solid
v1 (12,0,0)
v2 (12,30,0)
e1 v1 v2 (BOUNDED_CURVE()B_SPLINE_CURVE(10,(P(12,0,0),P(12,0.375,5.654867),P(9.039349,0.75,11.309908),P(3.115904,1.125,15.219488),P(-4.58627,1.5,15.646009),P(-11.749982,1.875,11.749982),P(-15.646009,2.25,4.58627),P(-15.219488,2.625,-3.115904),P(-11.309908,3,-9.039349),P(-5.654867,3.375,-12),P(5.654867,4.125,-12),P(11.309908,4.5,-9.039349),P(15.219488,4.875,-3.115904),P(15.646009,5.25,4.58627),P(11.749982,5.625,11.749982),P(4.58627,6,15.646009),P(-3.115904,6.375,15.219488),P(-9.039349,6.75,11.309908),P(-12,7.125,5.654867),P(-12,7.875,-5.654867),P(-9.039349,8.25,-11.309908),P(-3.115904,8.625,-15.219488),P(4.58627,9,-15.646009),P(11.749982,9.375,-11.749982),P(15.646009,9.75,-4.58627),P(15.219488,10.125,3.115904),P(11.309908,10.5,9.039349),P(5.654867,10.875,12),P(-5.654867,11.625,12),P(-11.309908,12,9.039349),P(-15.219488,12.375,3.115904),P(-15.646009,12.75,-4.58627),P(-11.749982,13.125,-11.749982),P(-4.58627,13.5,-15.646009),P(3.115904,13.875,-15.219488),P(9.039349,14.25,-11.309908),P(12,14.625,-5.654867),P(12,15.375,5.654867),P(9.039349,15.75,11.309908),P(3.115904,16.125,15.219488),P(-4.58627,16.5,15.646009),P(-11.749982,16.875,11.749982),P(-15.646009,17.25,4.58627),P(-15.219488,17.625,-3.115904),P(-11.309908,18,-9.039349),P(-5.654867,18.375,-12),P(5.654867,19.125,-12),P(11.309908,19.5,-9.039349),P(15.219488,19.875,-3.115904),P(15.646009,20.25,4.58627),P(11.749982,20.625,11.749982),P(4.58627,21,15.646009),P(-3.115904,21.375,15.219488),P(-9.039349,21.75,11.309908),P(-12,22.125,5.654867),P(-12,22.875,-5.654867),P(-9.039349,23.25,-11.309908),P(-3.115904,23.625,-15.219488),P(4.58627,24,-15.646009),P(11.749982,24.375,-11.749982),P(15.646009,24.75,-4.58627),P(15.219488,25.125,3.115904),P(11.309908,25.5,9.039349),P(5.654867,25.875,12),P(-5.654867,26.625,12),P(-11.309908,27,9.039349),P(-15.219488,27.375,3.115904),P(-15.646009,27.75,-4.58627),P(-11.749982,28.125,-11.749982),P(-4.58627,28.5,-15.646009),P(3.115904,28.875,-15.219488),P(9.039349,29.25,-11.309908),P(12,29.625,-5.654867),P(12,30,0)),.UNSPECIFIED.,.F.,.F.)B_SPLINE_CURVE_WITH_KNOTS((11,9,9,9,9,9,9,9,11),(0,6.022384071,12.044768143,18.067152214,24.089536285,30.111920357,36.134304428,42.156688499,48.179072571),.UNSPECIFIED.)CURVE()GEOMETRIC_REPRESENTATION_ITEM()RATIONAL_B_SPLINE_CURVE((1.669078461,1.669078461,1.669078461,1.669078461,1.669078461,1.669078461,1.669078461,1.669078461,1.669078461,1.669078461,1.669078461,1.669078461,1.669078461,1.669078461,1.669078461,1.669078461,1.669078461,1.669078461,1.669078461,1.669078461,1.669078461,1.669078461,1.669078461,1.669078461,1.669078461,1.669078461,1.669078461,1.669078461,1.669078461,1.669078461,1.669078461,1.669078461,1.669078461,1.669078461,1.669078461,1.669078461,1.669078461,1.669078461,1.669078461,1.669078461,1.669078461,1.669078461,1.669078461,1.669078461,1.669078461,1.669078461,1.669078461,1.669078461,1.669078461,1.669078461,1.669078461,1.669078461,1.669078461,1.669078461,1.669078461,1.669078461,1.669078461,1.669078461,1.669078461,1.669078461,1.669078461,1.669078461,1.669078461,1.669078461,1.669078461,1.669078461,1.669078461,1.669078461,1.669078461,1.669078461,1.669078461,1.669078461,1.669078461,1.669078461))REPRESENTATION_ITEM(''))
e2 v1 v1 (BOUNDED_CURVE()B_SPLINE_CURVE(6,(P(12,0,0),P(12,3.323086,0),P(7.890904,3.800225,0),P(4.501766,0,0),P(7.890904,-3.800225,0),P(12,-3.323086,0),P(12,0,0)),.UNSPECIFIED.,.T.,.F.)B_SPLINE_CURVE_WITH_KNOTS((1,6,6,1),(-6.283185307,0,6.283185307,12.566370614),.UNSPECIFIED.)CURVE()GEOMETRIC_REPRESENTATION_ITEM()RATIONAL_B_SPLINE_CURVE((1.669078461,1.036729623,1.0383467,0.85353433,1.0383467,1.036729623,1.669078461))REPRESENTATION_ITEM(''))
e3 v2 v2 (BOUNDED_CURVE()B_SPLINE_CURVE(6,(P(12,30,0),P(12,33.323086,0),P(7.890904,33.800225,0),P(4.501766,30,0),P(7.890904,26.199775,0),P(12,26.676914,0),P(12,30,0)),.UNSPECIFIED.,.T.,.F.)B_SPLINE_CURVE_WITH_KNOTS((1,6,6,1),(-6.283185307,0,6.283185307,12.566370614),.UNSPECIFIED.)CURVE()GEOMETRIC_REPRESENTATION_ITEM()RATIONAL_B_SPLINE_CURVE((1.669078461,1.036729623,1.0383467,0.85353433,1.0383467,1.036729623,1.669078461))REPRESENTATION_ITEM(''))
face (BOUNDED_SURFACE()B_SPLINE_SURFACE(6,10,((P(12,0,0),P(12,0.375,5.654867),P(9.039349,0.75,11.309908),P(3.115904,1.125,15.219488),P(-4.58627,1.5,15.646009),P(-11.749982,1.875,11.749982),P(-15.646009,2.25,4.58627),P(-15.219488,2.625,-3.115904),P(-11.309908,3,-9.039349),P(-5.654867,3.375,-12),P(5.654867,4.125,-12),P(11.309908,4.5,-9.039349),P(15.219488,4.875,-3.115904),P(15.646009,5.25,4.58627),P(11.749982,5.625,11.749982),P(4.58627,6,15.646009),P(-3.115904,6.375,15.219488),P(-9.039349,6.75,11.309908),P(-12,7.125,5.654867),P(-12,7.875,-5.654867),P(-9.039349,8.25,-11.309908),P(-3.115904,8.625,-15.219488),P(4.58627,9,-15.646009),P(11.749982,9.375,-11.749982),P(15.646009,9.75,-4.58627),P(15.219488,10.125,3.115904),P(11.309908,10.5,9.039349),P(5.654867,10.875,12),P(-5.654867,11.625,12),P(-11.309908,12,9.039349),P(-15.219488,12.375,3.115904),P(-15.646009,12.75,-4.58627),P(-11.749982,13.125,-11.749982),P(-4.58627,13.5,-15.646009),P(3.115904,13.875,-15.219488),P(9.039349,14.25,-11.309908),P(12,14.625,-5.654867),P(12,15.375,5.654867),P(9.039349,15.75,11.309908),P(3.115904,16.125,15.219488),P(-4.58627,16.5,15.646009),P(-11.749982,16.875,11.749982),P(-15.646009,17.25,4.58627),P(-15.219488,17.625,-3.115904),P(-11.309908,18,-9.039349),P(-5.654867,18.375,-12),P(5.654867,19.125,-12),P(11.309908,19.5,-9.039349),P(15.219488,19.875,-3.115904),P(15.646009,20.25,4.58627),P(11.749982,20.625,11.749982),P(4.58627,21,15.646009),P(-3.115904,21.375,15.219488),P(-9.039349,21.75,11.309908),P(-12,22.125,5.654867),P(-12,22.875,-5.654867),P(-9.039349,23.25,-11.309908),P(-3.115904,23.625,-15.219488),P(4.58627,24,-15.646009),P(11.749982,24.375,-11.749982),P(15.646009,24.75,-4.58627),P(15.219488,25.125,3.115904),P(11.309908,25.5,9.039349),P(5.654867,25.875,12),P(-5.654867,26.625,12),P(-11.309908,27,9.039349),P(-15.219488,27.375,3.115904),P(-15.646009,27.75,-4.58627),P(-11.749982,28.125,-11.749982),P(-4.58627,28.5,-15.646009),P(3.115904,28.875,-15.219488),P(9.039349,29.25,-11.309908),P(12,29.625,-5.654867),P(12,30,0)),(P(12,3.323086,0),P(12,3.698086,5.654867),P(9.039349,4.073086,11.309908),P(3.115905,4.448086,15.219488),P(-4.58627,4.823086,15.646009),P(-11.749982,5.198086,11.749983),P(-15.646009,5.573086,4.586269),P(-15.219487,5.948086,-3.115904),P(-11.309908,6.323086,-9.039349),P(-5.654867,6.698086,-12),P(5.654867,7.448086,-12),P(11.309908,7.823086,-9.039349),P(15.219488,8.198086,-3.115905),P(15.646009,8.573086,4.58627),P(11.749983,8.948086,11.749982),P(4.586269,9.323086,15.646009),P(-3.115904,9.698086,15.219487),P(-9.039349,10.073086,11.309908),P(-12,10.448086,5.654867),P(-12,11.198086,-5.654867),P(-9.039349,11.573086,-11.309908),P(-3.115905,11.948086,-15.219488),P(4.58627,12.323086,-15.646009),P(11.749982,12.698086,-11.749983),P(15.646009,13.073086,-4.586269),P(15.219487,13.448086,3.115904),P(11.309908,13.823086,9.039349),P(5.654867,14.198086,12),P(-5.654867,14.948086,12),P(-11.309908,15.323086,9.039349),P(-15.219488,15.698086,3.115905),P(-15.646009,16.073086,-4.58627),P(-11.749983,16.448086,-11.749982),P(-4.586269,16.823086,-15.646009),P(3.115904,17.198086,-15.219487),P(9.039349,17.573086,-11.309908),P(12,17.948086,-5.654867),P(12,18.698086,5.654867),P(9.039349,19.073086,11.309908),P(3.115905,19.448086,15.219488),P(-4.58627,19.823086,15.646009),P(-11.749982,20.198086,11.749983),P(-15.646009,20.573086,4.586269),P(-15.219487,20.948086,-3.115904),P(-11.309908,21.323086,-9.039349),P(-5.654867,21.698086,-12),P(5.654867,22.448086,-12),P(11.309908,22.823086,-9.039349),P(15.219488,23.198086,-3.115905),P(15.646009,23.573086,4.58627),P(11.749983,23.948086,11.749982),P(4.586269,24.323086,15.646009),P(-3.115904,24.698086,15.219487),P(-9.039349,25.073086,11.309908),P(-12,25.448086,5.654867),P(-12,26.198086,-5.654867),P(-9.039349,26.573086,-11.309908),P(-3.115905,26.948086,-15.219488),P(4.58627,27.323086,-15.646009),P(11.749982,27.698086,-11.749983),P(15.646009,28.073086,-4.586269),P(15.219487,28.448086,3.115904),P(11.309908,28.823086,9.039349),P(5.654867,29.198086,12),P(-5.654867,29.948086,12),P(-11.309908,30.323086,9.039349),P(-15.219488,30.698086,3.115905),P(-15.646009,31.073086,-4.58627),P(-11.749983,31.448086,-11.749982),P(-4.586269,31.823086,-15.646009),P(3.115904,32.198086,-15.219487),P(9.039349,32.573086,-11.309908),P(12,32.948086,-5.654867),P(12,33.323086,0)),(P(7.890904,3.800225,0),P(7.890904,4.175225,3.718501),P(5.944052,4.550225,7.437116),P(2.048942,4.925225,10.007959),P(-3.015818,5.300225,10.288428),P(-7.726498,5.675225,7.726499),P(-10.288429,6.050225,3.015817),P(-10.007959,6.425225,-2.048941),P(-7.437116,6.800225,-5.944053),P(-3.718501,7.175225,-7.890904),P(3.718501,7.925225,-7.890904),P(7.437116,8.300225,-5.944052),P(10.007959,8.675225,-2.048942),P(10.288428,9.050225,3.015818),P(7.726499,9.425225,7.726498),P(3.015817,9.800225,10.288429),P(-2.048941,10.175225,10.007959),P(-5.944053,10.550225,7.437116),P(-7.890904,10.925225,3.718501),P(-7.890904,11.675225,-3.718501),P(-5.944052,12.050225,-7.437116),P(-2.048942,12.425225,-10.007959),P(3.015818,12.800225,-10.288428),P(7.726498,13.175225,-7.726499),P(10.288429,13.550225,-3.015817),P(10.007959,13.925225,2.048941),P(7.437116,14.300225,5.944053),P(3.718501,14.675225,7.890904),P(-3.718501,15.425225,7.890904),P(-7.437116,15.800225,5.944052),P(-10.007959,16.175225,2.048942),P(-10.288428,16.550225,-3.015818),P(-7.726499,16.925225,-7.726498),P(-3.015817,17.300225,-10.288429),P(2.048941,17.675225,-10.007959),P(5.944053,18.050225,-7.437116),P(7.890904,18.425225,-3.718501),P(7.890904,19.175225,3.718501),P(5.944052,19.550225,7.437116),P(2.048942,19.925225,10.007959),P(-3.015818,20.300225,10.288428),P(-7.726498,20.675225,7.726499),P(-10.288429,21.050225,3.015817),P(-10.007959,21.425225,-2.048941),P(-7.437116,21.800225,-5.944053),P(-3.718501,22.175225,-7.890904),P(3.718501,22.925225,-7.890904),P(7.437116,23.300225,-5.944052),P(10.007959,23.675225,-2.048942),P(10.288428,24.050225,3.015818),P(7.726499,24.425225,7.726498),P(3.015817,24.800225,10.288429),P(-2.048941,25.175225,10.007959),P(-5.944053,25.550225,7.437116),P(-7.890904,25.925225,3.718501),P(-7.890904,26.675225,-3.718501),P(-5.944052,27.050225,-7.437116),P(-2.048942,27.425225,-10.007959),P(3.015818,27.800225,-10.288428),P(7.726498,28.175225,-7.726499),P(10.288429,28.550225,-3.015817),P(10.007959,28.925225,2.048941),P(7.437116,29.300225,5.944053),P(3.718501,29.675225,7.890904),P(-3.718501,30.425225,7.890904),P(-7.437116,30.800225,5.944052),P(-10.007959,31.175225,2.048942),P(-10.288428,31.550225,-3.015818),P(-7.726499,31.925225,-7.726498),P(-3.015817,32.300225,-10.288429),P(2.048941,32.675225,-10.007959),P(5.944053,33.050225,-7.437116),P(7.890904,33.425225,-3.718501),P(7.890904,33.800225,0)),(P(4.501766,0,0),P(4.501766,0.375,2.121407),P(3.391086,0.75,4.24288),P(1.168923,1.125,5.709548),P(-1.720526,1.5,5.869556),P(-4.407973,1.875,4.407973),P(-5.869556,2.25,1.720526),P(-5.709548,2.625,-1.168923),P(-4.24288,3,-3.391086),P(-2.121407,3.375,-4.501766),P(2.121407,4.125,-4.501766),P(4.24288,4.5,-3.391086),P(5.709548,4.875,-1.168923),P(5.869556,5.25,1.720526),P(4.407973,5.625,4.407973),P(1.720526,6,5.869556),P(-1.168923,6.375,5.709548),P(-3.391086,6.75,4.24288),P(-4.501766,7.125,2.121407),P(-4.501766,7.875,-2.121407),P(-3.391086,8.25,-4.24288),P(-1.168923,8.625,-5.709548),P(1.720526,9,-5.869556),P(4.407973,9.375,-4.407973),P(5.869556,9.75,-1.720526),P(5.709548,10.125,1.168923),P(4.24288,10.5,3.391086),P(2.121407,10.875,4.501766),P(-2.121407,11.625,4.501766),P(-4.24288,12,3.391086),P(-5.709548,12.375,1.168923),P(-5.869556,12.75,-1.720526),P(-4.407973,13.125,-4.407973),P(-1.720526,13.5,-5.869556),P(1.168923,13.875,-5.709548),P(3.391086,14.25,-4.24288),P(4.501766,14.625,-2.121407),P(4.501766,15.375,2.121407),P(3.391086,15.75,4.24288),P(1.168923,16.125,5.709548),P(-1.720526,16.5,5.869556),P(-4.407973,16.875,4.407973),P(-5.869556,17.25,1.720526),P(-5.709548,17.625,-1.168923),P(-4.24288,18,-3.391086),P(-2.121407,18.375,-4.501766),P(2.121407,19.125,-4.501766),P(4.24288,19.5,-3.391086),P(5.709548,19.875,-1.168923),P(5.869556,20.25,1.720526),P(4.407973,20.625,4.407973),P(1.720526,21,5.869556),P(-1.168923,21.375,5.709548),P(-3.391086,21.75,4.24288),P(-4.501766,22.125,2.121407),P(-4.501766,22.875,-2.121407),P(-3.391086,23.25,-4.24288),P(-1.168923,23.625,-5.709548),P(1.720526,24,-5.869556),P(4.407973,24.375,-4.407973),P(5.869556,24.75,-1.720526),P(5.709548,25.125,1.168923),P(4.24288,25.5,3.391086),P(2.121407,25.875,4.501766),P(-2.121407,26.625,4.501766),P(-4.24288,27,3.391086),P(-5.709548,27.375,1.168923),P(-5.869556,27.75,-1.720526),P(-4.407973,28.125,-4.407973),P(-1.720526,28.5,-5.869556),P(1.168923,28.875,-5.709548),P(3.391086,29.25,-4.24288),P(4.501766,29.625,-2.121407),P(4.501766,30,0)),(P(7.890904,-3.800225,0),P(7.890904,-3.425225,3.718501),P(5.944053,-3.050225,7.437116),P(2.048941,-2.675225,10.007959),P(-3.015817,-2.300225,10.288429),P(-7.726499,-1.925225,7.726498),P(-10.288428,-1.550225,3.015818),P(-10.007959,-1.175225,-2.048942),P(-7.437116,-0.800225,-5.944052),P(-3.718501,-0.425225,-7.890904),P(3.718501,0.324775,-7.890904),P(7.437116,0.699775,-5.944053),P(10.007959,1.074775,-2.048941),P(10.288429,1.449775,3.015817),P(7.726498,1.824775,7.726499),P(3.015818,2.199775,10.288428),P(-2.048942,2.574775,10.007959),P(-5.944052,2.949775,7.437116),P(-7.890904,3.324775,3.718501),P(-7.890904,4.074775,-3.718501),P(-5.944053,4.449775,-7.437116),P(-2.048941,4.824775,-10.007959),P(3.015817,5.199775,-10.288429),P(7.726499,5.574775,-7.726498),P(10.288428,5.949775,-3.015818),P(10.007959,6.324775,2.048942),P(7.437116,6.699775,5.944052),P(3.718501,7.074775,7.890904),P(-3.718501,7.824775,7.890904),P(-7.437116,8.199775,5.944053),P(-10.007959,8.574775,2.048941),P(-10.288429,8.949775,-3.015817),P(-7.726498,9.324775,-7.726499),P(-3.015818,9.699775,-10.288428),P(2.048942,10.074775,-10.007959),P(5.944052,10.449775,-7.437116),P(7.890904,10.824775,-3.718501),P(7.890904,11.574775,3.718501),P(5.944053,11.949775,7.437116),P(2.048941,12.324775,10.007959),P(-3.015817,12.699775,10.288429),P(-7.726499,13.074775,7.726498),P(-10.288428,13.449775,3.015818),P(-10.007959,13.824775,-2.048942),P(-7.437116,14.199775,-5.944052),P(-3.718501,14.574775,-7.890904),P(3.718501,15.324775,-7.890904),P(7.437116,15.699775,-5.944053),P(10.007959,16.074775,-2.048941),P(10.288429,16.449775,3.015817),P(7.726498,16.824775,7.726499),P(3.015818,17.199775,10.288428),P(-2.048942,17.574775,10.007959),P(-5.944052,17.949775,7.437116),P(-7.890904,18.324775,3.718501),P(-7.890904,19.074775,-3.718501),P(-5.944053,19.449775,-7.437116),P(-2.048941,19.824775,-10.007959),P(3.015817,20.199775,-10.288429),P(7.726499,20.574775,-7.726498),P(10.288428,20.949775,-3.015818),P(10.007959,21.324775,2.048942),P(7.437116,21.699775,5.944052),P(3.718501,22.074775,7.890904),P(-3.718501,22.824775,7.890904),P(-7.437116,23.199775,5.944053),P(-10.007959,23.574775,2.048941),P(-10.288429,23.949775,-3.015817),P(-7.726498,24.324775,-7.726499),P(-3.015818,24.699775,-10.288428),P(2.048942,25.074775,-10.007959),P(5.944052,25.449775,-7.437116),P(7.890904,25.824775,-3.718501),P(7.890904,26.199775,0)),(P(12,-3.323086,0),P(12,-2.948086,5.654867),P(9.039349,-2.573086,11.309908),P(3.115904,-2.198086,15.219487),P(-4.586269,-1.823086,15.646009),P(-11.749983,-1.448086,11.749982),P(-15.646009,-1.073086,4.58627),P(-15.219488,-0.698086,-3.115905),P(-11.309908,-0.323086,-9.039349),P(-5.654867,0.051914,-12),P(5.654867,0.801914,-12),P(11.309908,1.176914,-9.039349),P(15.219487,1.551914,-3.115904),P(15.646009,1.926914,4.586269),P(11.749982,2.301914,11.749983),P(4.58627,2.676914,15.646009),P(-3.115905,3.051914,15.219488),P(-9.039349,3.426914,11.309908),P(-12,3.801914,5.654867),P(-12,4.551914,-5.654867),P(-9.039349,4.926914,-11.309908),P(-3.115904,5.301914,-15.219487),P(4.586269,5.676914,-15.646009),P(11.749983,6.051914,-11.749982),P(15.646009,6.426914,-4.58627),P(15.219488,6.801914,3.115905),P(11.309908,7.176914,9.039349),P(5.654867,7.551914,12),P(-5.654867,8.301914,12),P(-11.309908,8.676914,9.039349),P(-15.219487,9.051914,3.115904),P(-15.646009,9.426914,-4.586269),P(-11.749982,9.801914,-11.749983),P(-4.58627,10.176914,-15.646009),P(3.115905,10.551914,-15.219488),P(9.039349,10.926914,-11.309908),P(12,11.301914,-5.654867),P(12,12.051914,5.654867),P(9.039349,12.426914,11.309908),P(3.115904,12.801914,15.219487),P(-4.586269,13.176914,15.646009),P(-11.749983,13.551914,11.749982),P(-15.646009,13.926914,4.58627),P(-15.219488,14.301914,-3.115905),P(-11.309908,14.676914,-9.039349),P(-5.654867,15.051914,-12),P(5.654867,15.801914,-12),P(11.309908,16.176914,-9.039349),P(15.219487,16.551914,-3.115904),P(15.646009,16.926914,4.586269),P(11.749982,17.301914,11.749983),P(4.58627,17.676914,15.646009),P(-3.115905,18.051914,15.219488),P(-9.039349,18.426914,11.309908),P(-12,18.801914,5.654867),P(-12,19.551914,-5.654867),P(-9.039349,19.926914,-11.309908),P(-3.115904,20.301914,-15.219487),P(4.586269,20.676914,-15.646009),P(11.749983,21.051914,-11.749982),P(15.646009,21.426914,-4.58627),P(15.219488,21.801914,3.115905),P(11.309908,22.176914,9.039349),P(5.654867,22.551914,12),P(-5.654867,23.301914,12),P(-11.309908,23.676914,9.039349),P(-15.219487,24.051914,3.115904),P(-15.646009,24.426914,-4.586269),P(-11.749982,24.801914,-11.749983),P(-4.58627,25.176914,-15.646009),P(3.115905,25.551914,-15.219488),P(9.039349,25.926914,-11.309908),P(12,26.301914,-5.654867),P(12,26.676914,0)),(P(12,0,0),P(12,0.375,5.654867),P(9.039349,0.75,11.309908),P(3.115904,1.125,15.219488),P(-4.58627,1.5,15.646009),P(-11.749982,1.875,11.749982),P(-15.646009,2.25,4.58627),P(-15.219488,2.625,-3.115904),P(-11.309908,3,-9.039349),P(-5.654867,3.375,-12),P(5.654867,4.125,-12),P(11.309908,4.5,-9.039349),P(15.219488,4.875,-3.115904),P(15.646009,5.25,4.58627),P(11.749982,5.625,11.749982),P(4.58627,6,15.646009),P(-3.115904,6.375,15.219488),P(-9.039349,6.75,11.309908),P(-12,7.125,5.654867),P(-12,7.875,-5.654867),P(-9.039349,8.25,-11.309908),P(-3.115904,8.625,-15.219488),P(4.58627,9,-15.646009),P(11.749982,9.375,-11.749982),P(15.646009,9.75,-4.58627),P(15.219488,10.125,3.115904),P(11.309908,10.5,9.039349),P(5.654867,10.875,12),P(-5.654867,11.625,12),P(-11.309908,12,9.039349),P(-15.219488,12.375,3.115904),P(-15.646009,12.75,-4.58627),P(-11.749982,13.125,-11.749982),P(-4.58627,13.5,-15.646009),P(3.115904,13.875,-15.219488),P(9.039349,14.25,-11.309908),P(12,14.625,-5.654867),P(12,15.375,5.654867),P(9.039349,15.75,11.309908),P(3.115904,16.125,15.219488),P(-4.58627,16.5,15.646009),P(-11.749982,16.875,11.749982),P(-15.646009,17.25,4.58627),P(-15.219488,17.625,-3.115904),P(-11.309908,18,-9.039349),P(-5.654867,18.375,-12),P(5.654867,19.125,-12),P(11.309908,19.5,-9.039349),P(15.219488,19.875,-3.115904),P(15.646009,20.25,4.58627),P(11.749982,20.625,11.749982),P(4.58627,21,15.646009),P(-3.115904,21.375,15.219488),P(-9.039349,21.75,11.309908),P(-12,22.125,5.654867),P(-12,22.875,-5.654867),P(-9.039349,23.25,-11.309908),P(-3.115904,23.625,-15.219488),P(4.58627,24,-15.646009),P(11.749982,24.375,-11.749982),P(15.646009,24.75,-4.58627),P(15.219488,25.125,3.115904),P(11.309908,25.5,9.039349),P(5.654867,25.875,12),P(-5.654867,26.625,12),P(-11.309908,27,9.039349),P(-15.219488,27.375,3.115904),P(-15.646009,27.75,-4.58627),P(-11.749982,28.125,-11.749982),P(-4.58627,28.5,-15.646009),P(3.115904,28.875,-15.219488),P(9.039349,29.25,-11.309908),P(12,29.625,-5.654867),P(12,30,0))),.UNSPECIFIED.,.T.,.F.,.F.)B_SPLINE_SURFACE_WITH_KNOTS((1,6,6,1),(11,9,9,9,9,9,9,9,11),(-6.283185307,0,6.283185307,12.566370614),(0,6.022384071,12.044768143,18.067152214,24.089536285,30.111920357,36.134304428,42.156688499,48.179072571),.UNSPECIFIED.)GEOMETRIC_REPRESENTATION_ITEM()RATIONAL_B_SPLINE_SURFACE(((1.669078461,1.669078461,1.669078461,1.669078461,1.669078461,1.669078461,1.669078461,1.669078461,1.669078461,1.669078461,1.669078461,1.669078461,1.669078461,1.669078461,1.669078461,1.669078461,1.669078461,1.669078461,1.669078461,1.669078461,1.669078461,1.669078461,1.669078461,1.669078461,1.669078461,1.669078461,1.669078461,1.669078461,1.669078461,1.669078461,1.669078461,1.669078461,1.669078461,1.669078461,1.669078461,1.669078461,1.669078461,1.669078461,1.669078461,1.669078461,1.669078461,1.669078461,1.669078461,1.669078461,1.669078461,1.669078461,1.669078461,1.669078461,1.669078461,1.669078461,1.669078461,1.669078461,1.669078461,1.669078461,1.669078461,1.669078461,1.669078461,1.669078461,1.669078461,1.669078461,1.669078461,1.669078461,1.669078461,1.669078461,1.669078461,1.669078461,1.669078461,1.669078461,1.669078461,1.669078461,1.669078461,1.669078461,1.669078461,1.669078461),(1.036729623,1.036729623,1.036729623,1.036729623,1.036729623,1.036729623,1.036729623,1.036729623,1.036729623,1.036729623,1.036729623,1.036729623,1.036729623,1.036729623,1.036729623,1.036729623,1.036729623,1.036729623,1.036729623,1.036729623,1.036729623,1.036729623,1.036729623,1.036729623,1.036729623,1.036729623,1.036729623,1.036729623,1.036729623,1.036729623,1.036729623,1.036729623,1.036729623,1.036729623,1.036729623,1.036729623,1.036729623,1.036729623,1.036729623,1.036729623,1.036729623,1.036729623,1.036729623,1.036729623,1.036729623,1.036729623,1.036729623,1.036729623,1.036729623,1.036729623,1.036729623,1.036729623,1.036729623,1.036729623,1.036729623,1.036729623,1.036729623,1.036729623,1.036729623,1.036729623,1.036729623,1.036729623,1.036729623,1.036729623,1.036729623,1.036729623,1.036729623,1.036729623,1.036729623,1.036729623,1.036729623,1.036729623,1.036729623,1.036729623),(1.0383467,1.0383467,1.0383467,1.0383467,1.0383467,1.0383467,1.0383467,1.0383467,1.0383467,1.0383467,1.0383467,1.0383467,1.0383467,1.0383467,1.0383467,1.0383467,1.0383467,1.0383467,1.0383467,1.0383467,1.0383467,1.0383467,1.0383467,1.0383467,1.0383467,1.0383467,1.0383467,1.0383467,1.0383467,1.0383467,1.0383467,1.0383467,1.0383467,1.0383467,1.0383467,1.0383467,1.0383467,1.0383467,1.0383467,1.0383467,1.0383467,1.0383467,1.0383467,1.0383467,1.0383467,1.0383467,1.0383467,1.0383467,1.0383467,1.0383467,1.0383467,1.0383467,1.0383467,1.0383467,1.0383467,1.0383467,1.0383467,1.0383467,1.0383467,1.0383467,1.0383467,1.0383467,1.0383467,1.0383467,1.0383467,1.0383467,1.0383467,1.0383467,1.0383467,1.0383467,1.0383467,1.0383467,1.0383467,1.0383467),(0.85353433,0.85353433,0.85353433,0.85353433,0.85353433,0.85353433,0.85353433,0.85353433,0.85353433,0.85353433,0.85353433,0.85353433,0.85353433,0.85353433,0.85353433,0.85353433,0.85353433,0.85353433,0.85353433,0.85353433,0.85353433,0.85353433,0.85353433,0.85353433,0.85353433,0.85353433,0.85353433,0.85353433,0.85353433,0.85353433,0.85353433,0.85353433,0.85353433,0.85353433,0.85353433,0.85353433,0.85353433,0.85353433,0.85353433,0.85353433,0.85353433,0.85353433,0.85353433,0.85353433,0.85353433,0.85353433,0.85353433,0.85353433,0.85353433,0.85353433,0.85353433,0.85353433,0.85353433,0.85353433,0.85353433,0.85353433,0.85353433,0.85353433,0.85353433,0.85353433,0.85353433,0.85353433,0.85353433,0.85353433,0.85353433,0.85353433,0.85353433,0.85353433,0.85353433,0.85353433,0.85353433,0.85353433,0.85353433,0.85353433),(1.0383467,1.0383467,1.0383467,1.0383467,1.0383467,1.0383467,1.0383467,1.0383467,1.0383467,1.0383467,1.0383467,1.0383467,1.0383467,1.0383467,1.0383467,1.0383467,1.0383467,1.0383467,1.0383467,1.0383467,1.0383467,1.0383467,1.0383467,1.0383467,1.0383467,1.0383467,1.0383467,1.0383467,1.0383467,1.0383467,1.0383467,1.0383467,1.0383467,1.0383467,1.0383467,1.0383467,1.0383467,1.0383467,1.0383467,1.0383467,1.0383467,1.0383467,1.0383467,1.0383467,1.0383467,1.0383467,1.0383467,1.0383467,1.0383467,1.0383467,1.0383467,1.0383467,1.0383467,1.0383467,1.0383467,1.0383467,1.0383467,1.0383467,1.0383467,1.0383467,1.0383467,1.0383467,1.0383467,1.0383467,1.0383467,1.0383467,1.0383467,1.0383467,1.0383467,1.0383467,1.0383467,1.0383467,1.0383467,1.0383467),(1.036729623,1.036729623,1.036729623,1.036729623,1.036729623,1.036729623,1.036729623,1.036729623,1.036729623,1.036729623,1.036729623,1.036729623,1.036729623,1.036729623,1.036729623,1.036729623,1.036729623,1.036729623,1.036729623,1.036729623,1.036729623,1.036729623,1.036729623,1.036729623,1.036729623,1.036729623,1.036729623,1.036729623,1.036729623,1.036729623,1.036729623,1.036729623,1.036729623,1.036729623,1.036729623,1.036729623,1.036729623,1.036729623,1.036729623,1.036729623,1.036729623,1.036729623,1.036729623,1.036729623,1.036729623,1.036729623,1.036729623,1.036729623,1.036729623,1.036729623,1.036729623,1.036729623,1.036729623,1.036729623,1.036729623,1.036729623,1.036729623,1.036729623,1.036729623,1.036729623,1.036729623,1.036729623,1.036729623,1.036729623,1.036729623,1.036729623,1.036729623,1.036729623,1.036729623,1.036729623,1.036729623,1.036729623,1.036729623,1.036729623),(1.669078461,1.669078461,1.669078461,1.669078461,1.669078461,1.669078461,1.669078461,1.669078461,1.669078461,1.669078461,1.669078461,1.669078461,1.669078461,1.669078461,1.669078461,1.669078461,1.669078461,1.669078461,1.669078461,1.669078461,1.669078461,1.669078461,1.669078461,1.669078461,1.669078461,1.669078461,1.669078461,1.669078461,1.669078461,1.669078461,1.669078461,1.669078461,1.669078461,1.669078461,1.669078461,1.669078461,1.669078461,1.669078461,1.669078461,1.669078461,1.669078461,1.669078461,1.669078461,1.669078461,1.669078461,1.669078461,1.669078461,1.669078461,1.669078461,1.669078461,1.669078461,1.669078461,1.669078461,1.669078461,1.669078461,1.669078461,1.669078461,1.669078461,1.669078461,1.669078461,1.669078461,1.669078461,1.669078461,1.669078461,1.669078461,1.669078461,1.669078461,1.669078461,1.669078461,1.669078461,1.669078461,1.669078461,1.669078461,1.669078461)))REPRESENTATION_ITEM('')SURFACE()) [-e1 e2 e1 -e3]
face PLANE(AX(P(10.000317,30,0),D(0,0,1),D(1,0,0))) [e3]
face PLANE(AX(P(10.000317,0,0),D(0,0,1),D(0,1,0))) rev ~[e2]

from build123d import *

# Parameters (mm, degrees)
SWEEP_1_PITCH       = 5
SWEEP_1_HEIGHT      = 30
SWEEP_1_RADIUS      = 10
SWEEP_1_START_ANGLE = 90
SKETCH_2_R          = 2


with BuildPart() as part:
    # 掃出1: sweep along a helix
    with BuildLine() as sweep_1_path:
        add(Helix(SWEEP_1_PITCH, SWEEP_1_HEIGHT, SWEEP_1_RADIUS, center=(0, 0, 0), direction=(0, 1, 0), lefthand=True, mode=Mode.PRIVATE).rotate(Axis((0, 0, 0), (0, 1, 0)), SWEEP_1_START_ANGLE))
    # 草圖2 → 掃出1 (sweep)
    with BuildSketch(Plane.XY):
        with Locations((10, 0)):
            Circle(SKETCH_2_R)
    sweep(path=sweep_1_path.line, is_frenet=True)


solid = part.part
